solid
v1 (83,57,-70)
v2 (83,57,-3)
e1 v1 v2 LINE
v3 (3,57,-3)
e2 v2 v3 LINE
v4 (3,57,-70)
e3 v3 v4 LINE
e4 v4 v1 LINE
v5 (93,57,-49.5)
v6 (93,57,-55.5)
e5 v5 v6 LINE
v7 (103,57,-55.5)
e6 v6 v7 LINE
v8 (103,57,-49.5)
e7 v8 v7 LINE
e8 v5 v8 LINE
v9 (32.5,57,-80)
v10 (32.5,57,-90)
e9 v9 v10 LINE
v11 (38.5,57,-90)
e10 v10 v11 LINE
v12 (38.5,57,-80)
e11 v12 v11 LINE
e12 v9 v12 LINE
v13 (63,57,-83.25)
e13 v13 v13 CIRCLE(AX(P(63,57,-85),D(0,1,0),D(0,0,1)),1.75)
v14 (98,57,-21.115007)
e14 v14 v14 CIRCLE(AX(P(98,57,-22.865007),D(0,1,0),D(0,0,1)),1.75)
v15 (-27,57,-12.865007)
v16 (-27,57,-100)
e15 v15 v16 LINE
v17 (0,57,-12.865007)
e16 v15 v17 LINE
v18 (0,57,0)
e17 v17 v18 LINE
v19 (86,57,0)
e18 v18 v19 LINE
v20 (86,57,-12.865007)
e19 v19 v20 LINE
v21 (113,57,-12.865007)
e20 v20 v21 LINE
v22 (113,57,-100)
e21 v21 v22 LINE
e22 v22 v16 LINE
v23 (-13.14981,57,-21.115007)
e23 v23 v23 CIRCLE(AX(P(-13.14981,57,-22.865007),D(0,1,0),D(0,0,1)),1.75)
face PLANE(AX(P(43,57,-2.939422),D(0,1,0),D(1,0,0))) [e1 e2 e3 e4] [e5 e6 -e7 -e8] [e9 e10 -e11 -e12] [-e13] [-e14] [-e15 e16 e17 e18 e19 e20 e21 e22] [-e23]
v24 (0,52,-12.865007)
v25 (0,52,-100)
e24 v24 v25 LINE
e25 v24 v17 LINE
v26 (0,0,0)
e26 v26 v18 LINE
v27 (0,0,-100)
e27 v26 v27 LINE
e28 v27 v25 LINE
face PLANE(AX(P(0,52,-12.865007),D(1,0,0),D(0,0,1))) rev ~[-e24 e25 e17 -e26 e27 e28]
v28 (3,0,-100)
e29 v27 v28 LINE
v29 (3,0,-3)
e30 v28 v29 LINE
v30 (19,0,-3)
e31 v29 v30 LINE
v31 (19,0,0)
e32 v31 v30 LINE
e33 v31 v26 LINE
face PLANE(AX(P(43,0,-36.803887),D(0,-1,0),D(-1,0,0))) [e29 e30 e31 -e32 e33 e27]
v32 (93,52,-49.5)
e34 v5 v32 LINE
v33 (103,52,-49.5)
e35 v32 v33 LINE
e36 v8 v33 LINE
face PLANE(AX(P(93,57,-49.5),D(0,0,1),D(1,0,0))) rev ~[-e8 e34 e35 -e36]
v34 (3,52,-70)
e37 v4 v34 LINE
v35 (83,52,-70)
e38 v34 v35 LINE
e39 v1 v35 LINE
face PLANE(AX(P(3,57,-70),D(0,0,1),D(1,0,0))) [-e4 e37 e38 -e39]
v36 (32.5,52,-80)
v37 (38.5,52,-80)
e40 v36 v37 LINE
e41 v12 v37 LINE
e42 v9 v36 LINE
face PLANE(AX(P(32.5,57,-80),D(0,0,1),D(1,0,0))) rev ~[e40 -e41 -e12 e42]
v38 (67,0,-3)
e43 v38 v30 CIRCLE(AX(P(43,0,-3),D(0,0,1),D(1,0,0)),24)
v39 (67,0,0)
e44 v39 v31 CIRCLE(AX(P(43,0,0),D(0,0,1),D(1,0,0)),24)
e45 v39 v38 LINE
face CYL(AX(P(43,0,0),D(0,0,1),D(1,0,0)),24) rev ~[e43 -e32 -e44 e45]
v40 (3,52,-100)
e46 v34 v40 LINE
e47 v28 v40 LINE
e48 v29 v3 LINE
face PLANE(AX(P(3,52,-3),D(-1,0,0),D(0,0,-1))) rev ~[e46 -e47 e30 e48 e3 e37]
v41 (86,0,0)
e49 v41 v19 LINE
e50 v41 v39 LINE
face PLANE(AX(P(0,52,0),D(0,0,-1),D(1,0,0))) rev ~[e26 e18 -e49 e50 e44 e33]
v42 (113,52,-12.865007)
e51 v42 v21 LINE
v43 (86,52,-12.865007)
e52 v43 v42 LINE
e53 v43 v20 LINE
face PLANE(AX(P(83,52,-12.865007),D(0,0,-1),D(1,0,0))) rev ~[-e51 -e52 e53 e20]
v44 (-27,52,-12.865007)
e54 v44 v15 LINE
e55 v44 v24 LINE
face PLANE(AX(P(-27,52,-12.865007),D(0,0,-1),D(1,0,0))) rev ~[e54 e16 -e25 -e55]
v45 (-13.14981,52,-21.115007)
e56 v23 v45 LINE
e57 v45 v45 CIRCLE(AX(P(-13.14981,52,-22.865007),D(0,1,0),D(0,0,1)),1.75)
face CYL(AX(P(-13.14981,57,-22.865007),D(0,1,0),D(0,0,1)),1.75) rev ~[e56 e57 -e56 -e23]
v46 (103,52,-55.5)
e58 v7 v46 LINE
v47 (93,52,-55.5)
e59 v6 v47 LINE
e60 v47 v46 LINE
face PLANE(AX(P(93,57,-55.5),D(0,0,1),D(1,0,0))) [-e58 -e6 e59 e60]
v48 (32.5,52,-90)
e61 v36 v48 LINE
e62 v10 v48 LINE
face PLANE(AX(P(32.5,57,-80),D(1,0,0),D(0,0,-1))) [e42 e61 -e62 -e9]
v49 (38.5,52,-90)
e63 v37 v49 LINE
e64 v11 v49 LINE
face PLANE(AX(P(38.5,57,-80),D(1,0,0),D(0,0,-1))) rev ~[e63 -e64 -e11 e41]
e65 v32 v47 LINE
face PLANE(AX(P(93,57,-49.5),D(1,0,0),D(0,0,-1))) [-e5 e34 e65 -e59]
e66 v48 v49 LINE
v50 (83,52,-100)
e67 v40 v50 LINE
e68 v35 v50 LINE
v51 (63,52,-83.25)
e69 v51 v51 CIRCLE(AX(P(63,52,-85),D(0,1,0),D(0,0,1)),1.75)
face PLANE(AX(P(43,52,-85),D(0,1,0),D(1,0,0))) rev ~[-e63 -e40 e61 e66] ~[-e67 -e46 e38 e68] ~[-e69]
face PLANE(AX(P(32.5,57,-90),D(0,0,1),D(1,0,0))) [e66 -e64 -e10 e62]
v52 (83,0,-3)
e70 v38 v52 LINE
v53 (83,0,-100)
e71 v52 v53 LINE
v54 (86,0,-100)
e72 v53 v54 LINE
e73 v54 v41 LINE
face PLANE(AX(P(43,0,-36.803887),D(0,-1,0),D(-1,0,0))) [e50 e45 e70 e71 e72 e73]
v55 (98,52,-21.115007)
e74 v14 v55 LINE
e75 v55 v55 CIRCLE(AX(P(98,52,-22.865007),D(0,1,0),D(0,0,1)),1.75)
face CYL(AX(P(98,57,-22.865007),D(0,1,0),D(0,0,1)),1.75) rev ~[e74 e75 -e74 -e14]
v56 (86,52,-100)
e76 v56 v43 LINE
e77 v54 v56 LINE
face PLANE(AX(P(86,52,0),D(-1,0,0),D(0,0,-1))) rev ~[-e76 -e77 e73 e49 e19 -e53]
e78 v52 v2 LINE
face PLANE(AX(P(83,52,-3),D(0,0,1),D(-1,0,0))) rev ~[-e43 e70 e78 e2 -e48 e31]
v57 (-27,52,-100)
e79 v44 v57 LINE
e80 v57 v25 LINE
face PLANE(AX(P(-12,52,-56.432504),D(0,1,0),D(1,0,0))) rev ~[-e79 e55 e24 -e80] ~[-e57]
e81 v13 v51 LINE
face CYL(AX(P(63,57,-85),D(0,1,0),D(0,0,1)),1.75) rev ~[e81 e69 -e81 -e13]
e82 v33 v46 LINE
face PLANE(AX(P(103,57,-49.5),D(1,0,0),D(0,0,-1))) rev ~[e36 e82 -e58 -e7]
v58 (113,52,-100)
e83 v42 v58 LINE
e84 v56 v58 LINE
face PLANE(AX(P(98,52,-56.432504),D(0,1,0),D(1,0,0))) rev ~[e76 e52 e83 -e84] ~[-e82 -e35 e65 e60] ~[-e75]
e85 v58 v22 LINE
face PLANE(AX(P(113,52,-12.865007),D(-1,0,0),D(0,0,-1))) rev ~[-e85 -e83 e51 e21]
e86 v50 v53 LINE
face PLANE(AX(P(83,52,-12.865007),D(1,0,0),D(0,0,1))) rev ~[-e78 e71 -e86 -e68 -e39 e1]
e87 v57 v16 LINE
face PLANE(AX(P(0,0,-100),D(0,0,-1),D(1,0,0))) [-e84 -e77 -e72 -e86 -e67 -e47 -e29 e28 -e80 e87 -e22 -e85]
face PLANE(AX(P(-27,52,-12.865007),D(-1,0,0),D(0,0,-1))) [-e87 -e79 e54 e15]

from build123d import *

# Parameters (mm, degrees)
BOSS_EXTRUDE1_DEPTH = 52
SKETCH2_W           = 30
SKETCH2_H           = 87.134992814
BOSS_EXTRUDE2_DEPTH = 5
SKETCH3_W           = 80
SKETCH3_H           = 30
BOSS_EXTRUDE3_DEPTH = 5
BOSS_EXTRUDE4_DEPTH = 5
CUT_EXTRUDE2_DEPTH  = 5
SKETCH7_R           = 1.75
CUT_EXTRUDE3_DEPTH  = 162.300960939
SKETCH8_W           = 10
SKETCH8_H           = 6
SKETCH8_W_2         = 6
SKETCH8_H_2         = 10
CUT_EXTRUDE4_DEPTH  = 162.300960939


with BuildPart() as part:
    # Sketch1 → Boss-Extrude1 (new body)
    with BuildSketch(Plane(origin=(0, 0, 0), x_dir=(1, 0, 0), z_dir=(0, 1, 0))):
        Polygon((0, 0), (0, 100), (3, 100), (3, 3), (83, 3), (83, 100), (86, 100), (86, 0), align=None)
    extrude(amount=BOSS_EXTRUDE1_DEPTH)

    # Sketch2 → Boss-Extrude2 (add)
    with BuildSketch(Plane(origin=(0, 52, 0), x_dir=(1, 0, 0), z_dir=(0, 1, 0))):
        with Locations((98, 56.432503593)):
            Rectangle(SKETCH2_W, SKETCH2_H)
        with Locations((-12, 56.432503593)):
            Rectangle(SKETCH2_W, SKETCH2_H)
    extrude(amount=BOSS_EXTRUDE2_DEPTH)

    # Sketch3 → Boss-Extrude3 (add)
    with BuildSketch(Plane(origin=(0, 57, 0), x_dir=(1, 0, 0), z_dir=(0, 1, 0))):
        with Locations((43, 85)):
            Rectangle(SKETCH3_W, SKETCH3_H)
    extrude(amount=-BOSS_EXTRUDE3_DEPTH)

    # Sketch5 → Boss-Extrude4 (add)
    with BuildSketch(Plane(origin=(0, 52, 0), x_dir=(1, 0, 0), z_dir=(0, 1, 0))):
        Polygon((0, 12.865007186), (0, 0), (86, 0), (86, 12.865007186), (83, 12.865007186), (83, 3), (3, 3), (3, 12.865007186), align=None)
    extrude(amount=BOSS_EXTRUDE4_DEPTH)

    # Sketch6 → Cut-Extrude2 (cut)
    with BuildSketch(Plane.XY):
        with BuildLine():
            Line((19, 0), (67, 0))
            ThreePointArc((67, 0), (43, 24), (19, 0))
        make_face()
    extrude(amount=-CUT_EXTRUDE2_DEPTH, mode=Mode.SUBTRACT)

    # Sketch7 → Cut-Extrude3 (cut, through all)
    with BuildSketch(Plane(origin=(0, 57, 0), x_dir=(1, 0, 0), z_dir=(0, 1, 0))):
        with Locations(Location((-13.149809764, 22.865007186, 0), (0, 0, 270))):
            Circle(SKETCH7_R)
        with Locations(Location((63, 85, 0), (0, 0, 270))):
            Circle(SKETCH7_R)
        with Locations(Location((98, 22.865007186, 0), (0, 0, 270))):
            Circle(SKETCH7_R)
    extrude(amount=-CUT_EXTRUDE3_DEPTH, mode=Mode.SUBTRACT)

    # Sketch8 → Cut-Extrude4 (cut, through all)
    with BuildSketch(Plane(origin=(0, 57, 0), x_dir=(1, 0, 0), z_dir=(0, 1, 0))):
        with Locations((98, 52.5)):
            Rectangle(SKETCH8_W, SKETCH8_H)
        with Locations((35.5, 85)):
            Rectangle(SKETCH8_W_2, SKETCH8_H_2)
    extrude(amount=-CUT_EXTRUDE4_DEPTH, mode=Mode.SUBTRACT)


solid = part.part
